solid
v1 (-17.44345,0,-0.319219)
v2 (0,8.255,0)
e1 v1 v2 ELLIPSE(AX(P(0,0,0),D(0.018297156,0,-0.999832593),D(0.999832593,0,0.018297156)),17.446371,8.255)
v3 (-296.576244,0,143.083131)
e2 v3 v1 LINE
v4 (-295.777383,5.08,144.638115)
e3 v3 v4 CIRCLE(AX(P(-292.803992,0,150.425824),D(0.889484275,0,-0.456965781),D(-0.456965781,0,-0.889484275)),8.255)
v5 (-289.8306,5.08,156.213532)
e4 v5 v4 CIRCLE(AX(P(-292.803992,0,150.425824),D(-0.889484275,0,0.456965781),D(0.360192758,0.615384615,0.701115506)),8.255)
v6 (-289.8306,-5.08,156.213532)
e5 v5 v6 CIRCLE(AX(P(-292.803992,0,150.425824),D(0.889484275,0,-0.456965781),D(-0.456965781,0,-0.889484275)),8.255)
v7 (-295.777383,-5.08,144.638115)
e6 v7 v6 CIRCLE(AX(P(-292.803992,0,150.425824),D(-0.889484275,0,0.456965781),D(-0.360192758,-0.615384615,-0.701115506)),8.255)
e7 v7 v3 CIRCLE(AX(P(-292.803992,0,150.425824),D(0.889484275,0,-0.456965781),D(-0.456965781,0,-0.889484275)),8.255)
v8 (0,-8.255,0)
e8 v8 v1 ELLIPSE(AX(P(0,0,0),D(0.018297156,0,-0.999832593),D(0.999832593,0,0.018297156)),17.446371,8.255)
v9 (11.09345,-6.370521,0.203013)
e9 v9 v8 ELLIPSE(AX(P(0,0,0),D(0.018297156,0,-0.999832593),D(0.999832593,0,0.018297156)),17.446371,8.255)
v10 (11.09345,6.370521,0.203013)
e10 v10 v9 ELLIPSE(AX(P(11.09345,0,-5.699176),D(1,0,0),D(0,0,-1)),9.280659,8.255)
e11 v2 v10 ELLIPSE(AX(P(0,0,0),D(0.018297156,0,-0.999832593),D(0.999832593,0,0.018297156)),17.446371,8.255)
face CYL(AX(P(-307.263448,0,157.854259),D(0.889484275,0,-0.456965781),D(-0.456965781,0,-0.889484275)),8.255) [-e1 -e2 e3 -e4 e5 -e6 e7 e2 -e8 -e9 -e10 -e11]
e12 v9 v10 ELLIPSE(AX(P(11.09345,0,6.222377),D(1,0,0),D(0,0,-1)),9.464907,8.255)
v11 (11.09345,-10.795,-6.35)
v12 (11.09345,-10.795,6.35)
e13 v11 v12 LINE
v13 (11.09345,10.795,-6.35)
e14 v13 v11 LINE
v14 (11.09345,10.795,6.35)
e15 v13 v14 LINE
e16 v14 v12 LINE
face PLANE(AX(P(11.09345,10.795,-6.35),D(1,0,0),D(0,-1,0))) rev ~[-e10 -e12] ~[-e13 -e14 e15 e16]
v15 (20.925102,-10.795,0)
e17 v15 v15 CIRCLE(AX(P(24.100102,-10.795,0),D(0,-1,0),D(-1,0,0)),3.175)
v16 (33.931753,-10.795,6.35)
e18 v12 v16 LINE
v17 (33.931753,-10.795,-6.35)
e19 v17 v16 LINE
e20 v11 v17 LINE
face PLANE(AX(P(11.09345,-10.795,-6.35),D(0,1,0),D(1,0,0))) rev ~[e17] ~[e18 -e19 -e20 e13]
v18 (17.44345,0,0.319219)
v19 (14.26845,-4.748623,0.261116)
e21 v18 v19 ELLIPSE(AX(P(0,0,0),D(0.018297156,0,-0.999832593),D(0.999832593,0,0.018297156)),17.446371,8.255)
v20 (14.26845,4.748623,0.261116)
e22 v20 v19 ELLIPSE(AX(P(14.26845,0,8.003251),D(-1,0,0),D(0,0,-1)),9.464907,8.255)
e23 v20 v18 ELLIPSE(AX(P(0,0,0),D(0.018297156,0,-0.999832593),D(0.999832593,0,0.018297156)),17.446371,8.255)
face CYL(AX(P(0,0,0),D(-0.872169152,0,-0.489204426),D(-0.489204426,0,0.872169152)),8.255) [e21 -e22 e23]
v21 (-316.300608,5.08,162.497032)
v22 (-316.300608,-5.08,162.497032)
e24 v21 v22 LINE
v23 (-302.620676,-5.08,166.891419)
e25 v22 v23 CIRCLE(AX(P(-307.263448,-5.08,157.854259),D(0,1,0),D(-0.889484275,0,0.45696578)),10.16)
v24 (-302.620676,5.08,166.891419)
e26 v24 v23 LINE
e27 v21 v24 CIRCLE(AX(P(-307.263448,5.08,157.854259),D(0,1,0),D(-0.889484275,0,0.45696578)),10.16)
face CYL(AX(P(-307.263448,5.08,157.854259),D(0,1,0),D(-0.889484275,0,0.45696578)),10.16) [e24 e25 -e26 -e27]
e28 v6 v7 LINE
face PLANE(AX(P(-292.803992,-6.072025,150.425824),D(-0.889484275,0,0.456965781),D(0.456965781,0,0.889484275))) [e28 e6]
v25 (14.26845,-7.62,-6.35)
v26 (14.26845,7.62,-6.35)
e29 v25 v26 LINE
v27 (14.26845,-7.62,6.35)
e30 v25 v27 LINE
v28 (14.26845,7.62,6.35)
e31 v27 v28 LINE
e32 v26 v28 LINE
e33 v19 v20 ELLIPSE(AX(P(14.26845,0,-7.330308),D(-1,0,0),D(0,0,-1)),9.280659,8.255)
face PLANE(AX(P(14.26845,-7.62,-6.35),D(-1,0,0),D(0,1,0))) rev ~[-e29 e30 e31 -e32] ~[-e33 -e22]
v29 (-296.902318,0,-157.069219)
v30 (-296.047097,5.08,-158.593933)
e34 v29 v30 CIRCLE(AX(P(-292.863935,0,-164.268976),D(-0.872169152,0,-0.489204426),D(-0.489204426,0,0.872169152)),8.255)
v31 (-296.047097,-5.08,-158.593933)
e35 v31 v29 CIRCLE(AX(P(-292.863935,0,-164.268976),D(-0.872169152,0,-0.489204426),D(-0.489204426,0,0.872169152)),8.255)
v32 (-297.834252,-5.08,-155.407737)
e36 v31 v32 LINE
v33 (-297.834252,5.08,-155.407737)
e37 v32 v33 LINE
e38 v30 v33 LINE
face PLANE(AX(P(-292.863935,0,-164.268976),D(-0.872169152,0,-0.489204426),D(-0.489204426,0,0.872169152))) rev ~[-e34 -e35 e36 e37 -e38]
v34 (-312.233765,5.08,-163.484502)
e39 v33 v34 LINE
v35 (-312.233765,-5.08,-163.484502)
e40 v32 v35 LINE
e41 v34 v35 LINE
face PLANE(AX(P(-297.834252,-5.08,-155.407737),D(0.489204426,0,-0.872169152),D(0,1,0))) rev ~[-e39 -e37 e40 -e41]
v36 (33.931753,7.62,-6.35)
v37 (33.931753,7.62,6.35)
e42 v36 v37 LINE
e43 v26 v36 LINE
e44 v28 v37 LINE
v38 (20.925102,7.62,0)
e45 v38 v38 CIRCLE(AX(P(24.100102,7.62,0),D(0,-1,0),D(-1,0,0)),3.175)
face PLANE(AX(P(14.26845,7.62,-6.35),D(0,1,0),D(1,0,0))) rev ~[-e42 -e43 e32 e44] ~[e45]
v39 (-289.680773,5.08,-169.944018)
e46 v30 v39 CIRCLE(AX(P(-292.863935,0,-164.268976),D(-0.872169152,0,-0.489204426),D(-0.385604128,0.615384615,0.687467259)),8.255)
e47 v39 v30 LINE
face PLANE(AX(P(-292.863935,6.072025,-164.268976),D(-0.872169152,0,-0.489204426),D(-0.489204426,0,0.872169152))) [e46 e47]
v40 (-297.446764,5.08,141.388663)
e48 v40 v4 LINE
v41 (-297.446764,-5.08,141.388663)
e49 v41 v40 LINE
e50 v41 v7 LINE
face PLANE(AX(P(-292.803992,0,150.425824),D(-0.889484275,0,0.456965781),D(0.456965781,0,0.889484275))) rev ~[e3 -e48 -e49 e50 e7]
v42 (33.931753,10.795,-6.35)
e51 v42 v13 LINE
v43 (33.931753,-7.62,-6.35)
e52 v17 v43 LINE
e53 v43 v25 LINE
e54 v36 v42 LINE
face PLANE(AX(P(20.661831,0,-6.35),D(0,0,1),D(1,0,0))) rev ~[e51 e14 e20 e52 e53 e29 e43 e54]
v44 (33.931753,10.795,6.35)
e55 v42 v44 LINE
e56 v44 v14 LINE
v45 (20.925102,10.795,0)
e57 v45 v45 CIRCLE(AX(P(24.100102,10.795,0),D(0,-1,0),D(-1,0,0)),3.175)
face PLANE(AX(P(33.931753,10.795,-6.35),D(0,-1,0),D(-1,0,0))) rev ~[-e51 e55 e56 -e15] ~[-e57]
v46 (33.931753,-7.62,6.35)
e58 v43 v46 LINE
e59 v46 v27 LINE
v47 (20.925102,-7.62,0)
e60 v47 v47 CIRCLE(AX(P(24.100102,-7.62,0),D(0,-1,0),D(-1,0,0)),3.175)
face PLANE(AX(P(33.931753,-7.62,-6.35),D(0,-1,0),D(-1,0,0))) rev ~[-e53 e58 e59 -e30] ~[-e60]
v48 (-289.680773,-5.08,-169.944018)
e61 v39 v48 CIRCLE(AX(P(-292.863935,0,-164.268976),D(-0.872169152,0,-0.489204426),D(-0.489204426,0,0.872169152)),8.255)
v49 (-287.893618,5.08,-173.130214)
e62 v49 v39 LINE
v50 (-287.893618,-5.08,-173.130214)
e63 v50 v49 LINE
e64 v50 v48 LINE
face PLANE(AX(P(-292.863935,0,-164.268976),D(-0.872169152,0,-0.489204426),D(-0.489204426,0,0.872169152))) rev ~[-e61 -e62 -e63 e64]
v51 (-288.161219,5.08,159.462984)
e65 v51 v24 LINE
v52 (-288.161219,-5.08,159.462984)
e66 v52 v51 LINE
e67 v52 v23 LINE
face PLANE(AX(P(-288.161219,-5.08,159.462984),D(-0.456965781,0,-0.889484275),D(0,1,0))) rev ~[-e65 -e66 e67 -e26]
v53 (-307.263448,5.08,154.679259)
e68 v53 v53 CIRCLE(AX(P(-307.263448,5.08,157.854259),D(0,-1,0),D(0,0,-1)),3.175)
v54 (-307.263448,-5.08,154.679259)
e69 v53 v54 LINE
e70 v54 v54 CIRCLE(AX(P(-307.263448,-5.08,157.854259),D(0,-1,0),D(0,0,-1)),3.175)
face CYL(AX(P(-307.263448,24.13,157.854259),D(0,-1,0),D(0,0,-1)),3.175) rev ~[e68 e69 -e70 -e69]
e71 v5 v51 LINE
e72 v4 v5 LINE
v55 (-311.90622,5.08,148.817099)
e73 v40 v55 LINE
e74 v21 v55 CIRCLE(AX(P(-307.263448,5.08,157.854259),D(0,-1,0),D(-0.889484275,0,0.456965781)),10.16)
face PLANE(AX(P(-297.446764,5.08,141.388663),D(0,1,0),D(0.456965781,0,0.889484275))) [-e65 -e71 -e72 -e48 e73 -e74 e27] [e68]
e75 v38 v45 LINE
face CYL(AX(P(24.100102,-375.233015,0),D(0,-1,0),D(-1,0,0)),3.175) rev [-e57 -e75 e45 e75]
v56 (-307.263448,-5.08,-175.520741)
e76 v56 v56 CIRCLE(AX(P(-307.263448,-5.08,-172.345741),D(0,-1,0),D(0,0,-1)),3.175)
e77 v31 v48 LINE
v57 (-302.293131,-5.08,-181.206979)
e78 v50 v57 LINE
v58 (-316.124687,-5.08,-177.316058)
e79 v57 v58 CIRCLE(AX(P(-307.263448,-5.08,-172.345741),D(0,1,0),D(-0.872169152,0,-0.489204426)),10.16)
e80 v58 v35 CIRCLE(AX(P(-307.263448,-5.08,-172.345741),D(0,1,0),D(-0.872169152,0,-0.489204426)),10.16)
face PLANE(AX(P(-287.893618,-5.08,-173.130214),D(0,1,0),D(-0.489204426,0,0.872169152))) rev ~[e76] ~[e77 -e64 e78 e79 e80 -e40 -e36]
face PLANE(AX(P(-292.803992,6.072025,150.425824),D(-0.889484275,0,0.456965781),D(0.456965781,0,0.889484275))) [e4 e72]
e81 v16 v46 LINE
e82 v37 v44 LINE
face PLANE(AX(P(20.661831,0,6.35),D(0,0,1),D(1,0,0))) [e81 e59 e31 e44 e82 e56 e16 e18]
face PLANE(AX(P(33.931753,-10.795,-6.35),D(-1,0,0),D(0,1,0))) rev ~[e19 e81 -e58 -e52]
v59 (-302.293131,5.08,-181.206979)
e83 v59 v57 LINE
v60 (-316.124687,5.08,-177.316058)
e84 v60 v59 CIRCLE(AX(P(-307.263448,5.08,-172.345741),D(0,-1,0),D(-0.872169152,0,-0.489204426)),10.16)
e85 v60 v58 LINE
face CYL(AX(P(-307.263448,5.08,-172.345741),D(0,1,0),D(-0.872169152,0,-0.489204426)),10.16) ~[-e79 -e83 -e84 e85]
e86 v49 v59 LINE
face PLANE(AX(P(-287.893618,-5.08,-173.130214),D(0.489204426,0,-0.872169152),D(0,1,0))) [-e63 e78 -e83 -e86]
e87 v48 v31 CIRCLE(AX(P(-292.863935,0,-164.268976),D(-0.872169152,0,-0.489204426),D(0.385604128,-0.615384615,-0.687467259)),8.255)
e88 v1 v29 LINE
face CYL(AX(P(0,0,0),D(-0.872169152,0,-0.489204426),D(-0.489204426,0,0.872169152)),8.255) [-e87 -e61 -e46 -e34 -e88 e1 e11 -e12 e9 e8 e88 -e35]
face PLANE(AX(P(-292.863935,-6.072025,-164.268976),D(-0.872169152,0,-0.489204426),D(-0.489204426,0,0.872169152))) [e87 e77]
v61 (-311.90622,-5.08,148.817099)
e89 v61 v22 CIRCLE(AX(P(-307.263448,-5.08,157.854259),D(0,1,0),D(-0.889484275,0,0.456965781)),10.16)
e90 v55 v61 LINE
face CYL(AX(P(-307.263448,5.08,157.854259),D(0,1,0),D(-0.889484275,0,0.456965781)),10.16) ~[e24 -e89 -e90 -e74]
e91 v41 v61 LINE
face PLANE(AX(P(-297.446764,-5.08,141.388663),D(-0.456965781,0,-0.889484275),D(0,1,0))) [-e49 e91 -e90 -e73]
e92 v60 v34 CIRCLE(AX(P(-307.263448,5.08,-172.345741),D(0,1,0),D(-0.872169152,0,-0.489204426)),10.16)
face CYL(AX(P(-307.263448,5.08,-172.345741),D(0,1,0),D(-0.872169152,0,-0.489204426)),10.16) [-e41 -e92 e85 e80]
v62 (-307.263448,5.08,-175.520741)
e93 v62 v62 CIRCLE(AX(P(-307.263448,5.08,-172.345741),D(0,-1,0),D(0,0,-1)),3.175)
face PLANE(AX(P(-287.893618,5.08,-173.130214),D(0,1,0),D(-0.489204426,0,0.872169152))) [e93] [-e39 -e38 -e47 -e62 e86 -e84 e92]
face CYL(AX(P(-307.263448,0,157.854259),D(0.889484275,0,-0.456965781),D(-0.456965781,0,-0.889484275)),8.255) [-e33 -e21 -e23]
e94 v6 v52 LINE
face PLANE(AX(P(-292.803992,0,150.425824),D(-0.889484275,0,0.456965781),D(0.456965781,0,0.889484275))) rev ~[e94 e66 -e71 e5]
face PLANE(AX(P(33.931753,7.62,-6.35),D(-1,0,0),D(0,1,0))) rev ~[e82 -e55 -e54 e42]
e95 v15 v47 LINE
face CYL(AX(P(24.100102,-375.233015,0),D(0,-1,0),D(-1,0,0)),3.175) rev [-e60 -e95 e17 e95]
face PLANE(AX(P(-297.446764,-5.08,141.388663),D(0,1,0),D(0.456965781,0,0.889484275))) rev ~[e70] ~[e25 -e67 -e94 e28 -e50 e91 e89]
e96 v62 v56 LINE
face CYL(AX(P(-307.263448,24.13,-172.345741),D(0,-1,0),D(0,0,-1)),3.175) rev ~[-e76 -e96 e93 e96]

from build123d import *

# Parameters (mm, degrees)
SKETCH2_R                   = 8.255
BOSS_EXTRUDE1_DEPTH         = 6.35
BOSS_EXTRUDE1_DEPTH_BACK    = 6.35
BOSS_EXTRUDE2_DEPTH         = 10.16
BOSS_EXTRUDE2_DEPTH_BACK    = 16.256
SKETCH4_W                   = 20.32
SKETCH4_H                   = 10.16
BOSS_EXTRUDE3_DEPTH         = 10.16
BOSS_EXTRUDE3_DEPTH_BACK    = 16.51
SKETCH5_W                   = 20.32
SKETCH5_H                   = 10.16
CUT_EXTRUDE1_DEPTH          = 372.505050517
CUT_EXTRUDE2_DEPTH          = 370.547039673
CUT_EXTRUDE3_START          = -16.256
CUT_EXTRUDE3_DEPTH          = 16.256
CUT_EXTRUDE4_DEPTH          = 16.51
E_0_25_DIAMETER_HOLE1_D     = 6.35
E_0_25_DIAMETER_HOLE1_DEPTH = 19.05
E_0_25_DIAMETER_HOLE1_TIP   = 1.907732465
CUT_EXTRUDE5_DEPTH          = 367.61301524
CUT_EXTRUDE5_DEPTH_BACK     = 367.61301524
SKETCH13_R                  = 3.175


with BuildPart() as part:
    # Sweep1: sweep along a path in Sketch1
    with BuildLine(Plane(origin=(0, 0, 0), x_dir=(1, 0, 0), z_dir=(0, 1, 0))) as sweep1_path:
        Line((-307.263447944, -157.854259231), (0, 0))
        Line((0, 0), (-307.263447944, 172.345740769))
    # Sketch2 → Sweep1 (sweep)
    with BuildSketch(Plane(origin=(-307.263447944, 0, 157.854259231), x_dir=(-0.45696578054298637, 0, -0.8894842749665333), z_dir=(0.8894842749665333, 0, -0.45696578054298637))):
        Circle(SKETCH2_R)
    sweep(path=sweep1_path.line, transition=Transition.RIGHT)

    # Sketch3 → Boss-Extrude1 (add, two sides: drawn at the far end of the back side and taken through both)
    with BuildSketch(Plane.XY.offset(-BOSS_EXTRUDE1_DEPTH_BACK)):
        Polygon((33.931753368, 10.795), (11.09345, 10.795), (11.09345, -10.795), (33.931753368, -10.795), (33.931753368, -7.62), (14.26845, -7.62), (14.26845, 7.62), (33.931753368, 7.62), align=None)
    extrude(amount=BOSS_EXTRUDE1_DEPTH + BOSS_EXTRUDE1_DEPTH_BACK)

    # Sketch4 → Boss-Extrude2 (add, two sides: drawn at the far end of the back side and taken through both)
    with BuildSketch(Plane(origin=(-307.263447944, 0, 157.854259231), x_dir=(0.45696578054298637, 0, 0.8894842749665333), z_dir=(-0.8894842749665333, 0, 0.45696578054298637)).offset(-BOSS_EXTRUDE2_DEPTH_BACK)):
        Rectangle(SKETCH4_W, SKETCH4_H)
    extrude(amount=BOSS_EXTRUDE2_DEPTH + BOSS_EXTRUDE2_DEPTH_BACK)

    # Sketch5 → Boss-Extrude3 (add, two sides: drawn at the far end of the back side and taken through both)
    with BuildSketch(Plane(origin=(-307.263447944, 0, -172.345740769), x_dir=(-0.4892044257112748, 0, 0.8721691520940774), z_dir=(-0.8721691520940774, 0, -0.4892044257112748)).offset(-BOSS_EXTRUDE3_DEPTH_BACK)):
        Rectangle(SKETCH5_W, SKETCH5_H)
    extrude(amount=BOSS_EXTRUDE3_DEPTH + BOSS_EXTRUDE3_DEPTH_BACK)

    # Sketch6 → Cut-Extrude1 (cut, through all)
    with BuildSketch(Plane(origin=(0, 5.08, 0), x_dir=(1, 0, 0), z_dir=(0, 1, 0))):
        with BuildLine():
            Line((-312.23376491, 163.484502184), (-321.095003495, 168.454819149))
            Line((-321.095003495, 168.454819149), (-316.12468653, 177.316057734))
            ThreePointArc((-316.12468653, 177.316057734), (-317.043834669, 169.594443707), (-312.23376491, 163.484502184))
        make_face()
    cut_extrude1 = extrude(amount=-CUT_EXTRUDE1_DEPTH, mode=Mode.SUBTRACT)

    # Mirror1: Cut-Extrude1 across plane
    add(cut_extrude1.mirror(Plane(origin=(0, 0, 0), x_dir=(0.8721691520940776, 0, 0.48920442571127426), z_dir=(-0.4892044257112748, 0, 0.8721691520940775))), mode=Mode.SUBTRACT)

    # Sketch7 → Cut-Extrude2 (cut, through all)
    with BuildSketch(Plane(origin=(0, 5.08, 0), x_dir=(1, 0, 0), z_dir=(0, 1, 0))):
        with BuildLine():
            Line((-302.620675614, -166.891419464), (-311.657835848, -171.534191795))
            Line((-311.657835848, -171.534191795), (-316.300608178, -162.497031561))
            ThreePointArc((-316.300608178, -162.497031561), (-310.37074943, -167.527432313), (-302.620675614, -166.891419464))
        make_face()
    cut_extrude2 = extrude(amount=-CUT_EXTRUDE2_DEPTH, mode=Mode.SUBTRACT)

    # Mirror2: Cut-Extrude2 across plane
    add(cut_extrude2.mirror(Plane(origin=(0, 0, 0), x_dir=(-0.8894842749665333, 0, 0.45696578054298614), z_dir=(0.45696578054298637, 0, 0.8894842749665333))), mode=Mode.SUBTRACT)

    # Sketch8 → Cut-Extrude3 (cut)
    with BuildSketch(Plane(origin=(-307.263447944, 0, 157.854259231), x_dir=(0.45696578054298637, 0, 0.8894842749665333), z_dir=(-0.8894842749665333, 0, 0.45696578054298637)).offset(CUT_EXTRUDE3_START)):
        with BuildLine():
            Line((6.506813736, -5.08), (-6.506813736, -5.08))
            ThreePointArc((-6.506813736, -5.08), (0, -8.255), (6.506813736, -5.08))
        make_face()
        with BuildLine():
            Line((-6.506813736, 5.08), (6.506813736, 5.08))
            ThreePointArc((6.506813736, 5.08), (0, 8.255), (-6.506813736, 5.08))
        make_face()
    extrude(amount=CUT_EXTRUDE3_DEPTH, mode=Mode.SUBTRACT)

    # Sketch9 → Cut-Extrude4 (cut)
    with BuildSketch(Plane(origin=(-307.263447944, 0, -172.345740769), x_dir=(-0.4892044257112748, 0, 0.8721691520940774), z_dir=(-0.8721691520940774, 0, -0.4892044257112748))):
        with BuildLine():
            Line((6.506813736, -5.08), (-6.506813736, -5.08))
            ThreePointArc((-6.506813736, -5.08), (0, -8.255), (6.506813736, -5.08))
        make_face()
        with BuildLine():
            Line((-6.506813736, 5.08), (6.506813736, 5.08))
            ThreePointArc((6.506813736, 5.08), (0, 8.255), (-6.506813736, 5.08))
        make_face()
    extrude(amount=-CUT_EXTRUDE4_DEPTH, mode=Mode.SUBTRACT)

    # E (0.25) Diameter Hole1
    with Locations(Plane(origin=(-307.263447944, 5.08, -172.345740769), x_dir=(0, 0, 1), z_dir=(0, 1, 0))):
        with Locations((0, 0), (330.2, 0)):
            Hole(E_0_25_DIAMETER_HOLE1_D / 2, depth=E_0_25_DIAMETER_HOLE1_DEPTH)
            with Locations((0, 0, -(E_0_25_DIAMETER_HOLE1_DEPTH + E_0_25_DIAMETER_HOLE1_TIP / 2))):  # 118° drill point
                Cone(0, E_0_25_DIAMETER_HOLE1_D / 2, E_0_25_DIAMETER_HOLE1_TIP, mode=Mode.SUBTRACT)

    # Sketch13 → Cut-Extrude5 (cut, two sides: drawn at the far end of the back side and taken through both)
    with BuildSketch(Plane(origin=(0, -7.62, 0), x_dir=(1, 0, 0), z_dir=(0, 1, 0)).offset(-CUT_EXTRUDE5_DEPTH_BACK)):
        with Locations(Location((24.100101684, 0, 0), (0, 0, 180))):
            Circle(SKETCH13_R)
    extrude(amount=CUT_EXTRUDE5_DEPTH + CUT_EXTRUDE5_DEPTH_BACK, mode=Mode.SUBTRACT)


solid = part.part
